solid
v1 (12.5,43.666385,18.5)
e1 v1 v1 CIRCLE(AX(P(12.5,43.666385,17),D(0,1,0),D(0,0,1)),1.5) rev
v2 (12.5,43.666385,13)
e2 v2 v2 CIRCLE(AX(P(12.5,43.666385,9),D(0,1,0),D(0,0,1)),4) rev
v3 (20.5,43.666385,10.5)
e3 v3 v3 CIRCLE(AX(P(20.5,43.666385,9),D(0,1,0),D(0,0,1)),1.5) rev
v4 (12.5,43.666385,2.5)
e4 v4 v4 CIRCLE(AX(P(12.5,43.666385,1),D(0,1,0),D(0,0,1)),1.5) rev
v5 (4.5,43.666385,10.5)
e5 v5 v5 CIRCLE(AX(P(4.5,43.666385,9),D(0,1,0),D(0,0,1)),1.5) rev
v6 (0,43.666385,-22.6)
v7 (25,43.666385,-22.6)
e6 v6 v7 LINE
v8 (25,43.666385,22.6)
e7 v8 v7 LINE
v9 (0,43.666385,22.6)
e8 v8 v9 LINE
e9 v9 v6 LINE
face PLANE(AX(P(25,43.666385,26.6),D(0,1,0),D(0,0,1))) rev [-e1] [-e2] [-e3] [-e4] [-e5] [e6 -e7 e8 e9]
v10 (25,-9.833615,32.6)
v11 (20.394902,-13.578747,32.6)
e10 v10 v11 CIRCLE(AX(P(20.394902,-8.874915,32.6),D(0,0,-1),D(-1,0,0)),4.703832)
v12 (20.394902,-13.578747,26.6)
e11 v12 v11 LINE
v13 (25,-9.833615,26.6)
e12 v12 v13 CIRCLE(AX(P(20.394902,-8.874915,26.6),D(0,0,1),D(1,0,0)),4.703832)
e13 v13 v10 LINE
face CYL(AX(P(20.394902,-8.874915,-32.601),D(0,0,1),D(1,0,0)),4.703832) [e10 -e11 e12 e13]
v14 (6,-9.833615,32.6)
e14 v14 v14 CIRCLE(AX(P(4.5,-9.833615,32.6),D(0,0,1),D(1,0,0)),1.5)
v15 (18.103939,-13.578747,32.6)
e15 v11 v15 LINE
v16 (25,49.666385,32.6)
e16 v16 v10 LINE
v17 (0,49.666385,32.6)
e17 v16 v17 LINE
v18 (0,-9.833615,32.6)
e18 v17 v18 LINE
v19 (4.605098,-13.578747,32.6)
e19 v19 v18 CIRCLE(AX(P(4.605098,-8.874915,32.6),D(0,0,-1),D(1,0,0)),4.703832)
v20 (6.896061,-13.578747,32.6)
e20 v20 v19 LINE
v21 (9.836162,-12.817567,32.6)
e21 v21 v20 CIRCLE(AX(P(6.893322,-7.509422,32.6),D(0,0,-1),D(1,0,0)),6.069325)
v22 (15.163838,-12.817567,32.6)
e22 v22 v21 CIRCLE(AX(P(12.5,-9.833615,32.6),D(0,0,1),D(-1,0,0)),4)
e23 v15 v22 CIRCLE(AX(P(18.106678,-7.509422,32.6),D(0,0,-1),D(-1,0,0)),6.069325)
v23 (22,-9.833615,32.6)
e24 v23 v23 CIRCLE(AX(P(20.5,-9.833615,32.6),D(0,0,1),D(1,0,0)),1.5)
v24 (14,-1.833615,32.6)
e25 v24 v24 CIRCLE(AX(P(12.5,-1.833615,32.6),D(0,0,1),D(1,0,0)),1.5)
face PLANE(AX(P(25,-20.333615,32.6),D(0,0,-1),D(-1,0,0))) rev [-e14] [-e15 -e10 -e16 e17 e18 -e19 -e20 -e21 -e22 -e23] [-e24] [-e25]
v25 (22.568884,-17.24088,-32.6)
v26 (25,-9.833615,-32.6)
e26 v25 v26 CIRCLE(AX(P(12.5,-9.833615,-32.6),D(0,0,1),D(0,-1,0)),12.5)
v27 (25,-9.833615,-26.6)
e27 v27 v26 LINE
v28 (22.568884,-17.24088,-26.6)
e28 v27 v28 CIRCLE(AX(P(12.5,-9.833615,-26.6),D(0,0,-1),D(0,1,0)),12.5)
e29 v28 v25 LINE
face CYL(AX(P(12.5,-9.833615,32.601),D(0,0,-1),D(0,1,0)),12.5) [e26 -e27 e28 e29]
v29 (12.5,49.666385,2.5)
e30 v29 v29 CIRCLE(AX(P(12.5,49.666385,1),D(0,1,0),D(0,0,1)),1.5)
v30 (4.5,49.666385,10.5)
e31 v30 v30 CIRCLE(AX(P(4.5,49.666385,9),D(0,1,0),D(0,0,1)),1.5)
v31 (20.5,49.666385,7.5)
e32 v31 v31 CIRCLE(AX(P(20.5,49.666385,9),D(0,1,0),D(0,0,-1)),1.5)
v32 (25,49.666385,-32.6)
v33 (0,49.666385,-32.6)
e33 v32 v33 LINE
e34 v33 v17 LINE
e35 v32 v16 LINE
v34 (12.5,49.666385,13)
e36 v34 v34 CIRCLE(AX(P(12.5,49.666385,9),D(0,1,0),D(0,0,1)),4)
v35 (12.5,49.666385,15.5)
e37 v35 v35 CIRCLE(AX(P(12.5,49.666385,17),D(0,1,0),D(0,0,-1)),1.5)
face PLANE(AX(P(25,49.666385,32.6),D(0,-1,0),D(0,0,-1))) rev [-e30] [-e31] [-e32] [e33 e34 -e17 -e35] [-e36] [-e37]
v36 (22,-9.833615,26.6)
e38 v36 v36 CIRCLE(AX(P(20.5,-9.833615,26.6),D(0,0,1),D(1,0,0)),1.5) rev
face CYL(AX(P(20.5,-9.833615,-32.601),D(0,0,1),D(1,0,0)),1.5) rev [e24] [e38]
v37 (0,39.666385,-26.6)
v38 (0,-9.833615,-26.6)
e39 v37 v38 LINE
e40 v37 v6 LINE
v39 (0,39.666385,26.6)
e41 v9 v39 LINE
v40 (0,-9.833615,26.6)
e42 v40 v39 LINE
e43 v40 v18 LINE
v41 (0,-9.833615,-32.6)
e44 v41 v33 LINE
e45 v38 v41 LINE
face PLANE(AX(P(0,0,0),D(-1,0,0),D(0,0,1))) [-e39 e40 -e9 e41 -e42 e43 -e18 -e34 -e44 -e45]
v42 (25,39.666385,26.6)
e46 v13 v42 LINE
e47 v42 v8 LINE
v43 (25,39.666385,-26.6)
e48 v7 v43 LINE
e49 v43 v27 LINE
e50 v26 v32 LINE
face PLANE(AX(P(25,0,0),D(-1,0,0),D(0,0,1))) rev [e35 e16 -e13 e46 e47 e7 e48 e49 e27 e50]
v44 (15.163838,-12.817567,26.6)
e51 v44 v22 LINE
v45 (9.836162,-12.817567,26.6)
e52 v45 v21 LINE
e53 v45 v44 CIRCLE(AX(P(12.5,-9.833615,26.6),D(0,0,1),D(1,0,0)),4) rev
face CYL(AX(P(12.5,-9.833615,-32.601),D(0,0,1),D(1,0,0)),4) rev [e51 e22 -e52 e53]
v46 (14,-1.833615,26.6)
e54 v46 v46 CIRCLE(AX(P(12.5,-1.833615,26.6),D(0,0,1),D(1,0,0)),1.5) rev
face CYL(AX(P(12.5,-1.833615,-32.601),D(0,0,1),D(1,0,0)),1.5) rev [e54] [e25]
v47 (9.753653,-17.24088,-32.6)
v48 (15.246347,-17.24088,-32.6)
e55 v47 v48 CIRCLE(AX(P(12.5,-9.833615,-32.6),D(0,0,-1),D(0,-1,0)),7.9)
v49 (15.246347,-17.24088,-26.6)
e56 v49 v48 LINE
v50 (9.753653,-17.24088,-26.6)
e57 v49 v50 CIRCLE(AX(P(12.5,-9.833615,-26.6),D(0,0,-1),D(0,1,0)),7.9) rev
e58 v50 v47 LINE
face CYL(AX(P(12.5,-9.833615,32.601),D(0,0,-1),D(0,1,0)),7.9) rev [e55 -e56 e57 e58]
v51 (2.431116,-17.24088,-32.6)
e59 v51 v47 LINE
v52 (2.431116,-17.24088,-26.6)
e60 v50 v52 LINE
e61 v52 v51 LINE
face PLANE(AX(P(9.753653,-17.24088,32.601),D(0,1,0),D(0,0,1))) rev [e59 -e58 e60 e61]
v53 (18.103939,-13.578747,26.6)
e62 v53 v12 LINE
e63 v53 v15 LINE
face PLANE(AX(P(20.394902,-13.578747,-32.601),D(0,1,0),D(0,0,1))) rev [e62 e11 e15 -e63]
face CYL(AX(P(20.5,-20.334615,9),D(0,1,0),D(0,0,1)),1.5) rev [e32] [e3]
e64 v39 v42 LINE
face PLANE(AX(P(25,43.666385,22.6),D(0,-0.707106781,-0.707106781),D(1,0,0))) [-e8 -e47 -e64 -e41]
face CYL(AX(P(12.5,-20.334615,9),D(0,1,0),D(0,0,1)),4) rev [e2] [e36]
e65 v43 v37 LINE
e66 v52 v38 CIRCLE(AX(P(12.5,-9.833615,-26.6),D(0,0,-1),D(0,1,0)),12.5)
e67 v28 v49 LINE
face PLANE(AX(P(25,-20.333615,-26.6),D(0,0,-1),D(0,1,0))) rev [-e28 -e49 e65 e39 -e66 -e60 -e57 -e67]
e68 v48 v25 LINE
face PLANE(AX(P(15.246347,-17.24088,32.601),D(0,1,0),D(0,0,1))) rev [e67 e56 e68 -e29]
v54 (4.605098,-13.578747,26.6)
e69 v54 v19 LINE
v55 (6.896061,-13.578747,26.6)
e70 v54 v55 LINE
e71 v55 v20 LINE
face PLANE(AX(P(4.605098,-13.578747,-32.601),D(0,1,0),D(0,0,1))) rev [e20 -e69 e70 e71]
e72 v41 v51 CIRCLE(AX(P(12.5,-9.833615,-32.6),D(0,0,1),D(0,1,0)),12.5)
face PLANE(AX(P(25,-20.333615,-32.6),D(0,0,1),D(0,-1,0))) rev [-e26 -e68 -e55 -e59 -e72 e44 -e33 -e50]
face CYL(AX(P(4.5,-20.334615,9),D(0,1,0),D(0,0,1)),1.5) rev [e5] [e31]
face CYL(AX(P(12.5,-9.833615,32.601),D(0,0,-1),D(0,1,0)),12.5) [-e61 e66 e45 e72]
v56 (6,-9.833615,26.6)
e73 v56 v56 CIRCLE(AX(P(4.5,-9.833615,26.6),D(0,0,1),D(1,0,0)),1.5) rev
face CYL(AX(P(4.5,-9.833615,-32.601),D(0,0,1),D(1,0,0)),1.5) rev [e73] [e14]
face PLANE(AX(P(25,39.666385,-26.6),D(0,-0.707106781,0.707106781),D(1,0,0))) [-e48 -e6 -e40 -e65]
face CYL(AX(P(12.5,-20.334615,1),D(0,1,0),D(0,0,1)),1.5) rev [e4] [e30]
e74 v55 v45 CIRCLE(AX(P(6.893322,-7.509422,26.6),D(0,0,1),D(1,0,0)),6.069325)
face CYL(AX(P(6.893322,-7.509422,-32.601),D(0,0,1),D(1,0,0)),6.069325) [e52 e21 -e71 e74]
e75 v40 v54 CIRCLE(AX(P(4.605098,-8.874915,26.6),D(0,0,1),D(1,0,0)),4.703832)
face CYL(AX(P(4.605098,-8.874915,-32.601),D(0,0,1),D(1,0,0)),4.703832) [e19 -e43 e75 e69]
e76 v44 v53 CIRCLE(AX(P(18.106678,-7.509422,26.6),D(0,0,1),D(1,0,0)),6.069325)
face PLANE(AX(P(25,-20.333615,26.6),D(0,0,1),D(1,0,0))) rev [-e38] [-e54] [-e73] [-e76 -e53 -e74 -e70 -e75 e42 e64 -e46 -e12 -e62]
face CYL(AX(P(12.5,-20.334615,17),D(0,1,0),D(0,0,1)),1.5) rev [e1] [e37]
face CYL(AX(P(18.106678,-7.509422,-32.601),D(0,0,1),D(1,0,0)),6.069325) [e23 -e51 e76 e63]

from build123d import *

# Parameters (mm, degrees)
SALIENTE_EXTRUIR1_DEPTH = 25
CORTAR_EXTRUIR2_REACH   = 67.2
CORTAR_EXTRUIR3_REACH   = 72
CROQUIS4_R              = 1.5
CROQUIS4_R_2            = 4
CHAFL_N1_SIZE           = 4
CORTAR_EXTRUIR5_REACH   = 67.2
CROQUIS8_R              = 1.5


with BuildPart() as part:
    # Croquis1 → Saliente-Extruir1 (new body)
    with BuildSketch(Plane(origin=(0, 0, 0), x_dir=(0, 0, -1), z_dir=(1, 0, 0))):
        Polygon((-26.6, -20.333615037), (-26.6, 43.666384963), (26.6, 43.666384963), (26.6, -20.333615037), (32.6, -20.333615037), (32.6, 49.666384963), (-32.6, 49.666384963), (-32.6, -20.333615037), align=None)
    extrude(amount=SALIENTE_EXTRUIR1_DEPTH)

    # Croquis3 → Cortar-Extruir2 (cut, up to next)
    with BuildSketch(Plane(origin=(0, 0, -32.6), x_dir=(-1, 0, 0), z_dir=(0, 0, -1)), mode=Mode.PRIVATE) as cortar_extruir2_sk1:
        with BuildLine():
            Line((-15.246347098, -17.240880228), (-22.56888387, -17.240880228))
            ThreePointArc((-22.56888387, -17.240880228), (-24.376679847, -13.731624248), (-25, -9.833615037))
            Line((-25, -9.833615037), (-25, -20.333615037))
            Line((-25, -20.333615037), (0, -20.333615037))
            Line((0, -20.333615037), (0, -9.833615037))
            ThreePointArc((0, -9.833615037), (-0.623320153, -13.731624248), (-2.43111613, -17.240880228))
            Line((-2.43111613, -17.240880228), (-9.753652902, -17.240880228))
            ThreePointArc((-9.753652902, -17.240880228), (-12.5, -1.933615037), (-15.246347098, -17.240880228))
        make_face()
    cortar_extruir2_tool1 = extrude(cortar_extruir2_sk1.sketch, amount=-CORTAR_EXTRUIR2_REACH, mode=Mode.PRIVATE) & part.part
    add(cortar_extruir2_tool1.solids().sort_by_distance((12.5, -12.457644, -32.6))[0], mode=Mode.SUBTRACT)

    # Croquis4 → Cortar-Extruir3 (cut, up to next)
    with BuildSketch(Plane(origin=(0, 49.666384963, 0), x_dir=(1, 0, 0), z_dir=(0, 1, 0)), mode=Mode.PRIVATE) as cortar_extruir3_sk1:
        with Locations((12.5, -1)):
            Circle(CROQUIS4_R)
    cortar_extruir3_tool1 = extrude(cortar_extruir3_sk1.sketch, amount=-CORTAR_EXTRUIR3_REACH, mode=Mode.PRIVATE) & part.part
    add(cortar_extruir3_tool1.solids().sort_by_distance((12.5, 49.666385, 1))[0], mode=Mode.SUBTRACT)
    # Croquis4 → Cortar-Extruir3 (cut, up to next)
    with BuildSketch(Plane(origin=(0, 49.666384963, 0), x_dir=(1, 0, 0), z_dir=(0, 1, 0)), mode=Mode.PRIVATE) as cortar_extruir3_sk2:
        with Locations((4.5, -9)):
            Circle(CROQUIS4_R)
    cortar_extruir3_tool2 = extrude(cortar_extruir3_sk2.sketch, amount=-CORTAR_EXTRUIR3_REACH, mode=Mode.PRIVATE) & part.part
    add(cortar_extruir3_tool2.solids().sort_by_distance((4.5, 49.666385, 9))[0], mode=Mode.SUBTRACT)
    # Croquis4 → Cortar-Extruir3 (cut, up to next)
    with BuildSketch(Plane(origin=(0, 49.666384963, 0), x_dir=(1, 0, 0), z_dir=(0, 1, 0)), mode=Mode.PRIVATE) as cortar_extruir3_sk3:
        with Locations((12.5, -17)):
            Circle(CROQUIS4_R)
    cortar_extruir3_tool3 = extrude(cortar_extruir3_sk3.sketch, amount=-CORTAR_EXTRUIR3_REACH, mode=Mode.PRIVATE) & part.part
    add(cortar_extruir3_tool3.solids().sort_by_distance((12.5, 49.666385, 17))[0], mode=Mode.SUBTRACT)
    # Croquis4 → Cortar-Extruir3 (cut, up to next)
    with BuildSketch(Plane(origin=(0, 49.666384963, 0), x_dir=(1, 0, 0), z_dir=(0, 1, 0)), mode=Mode.PRIVATE) as cortar_extruir3_sk4:
        with Locations((20.5, -9)):
            Circle(CROQUIS4_R)
    cortar_extruir3_tool4 = extrude(cortar_extruir3_sk4.sketch, amount=-CORTAR_EXTRUIR3_REACH, mode=Mode.PRIVATE) & part.part
    add(cortar_extruir3_tool4.solids().sort_by_distance((20.5, 49.666385, 9))[0], mode=Mode.SUBTRACT)
    # Croquis4 → Cortar-Extruir3 (cut, up to next)
    with BuildSketch(Plane(origin=(0, 49.666384963, 0), x_dir=(1, 0, 0), z_dir=(0, 1, 0)), mode=Mode.PRIVATE) as cortar_extruir3_sk5:
        with Locations((12.5, -9)):
            Circle(CROQUIS4_R_2)
    cortar_extruir3_tool5 = extrude(cortar_extruir3_sk5.sketch, amount=-CORTAR_EXTRUIR3_REACH, mode=Mode.PRIVATE) & part.part
    add(cortar_extruir3_tool5.solids().sort_by_distance((12.5, 49.666385, 9))[0], mode=Mode.SUBTRACT)

    # Chaflán1
    chafl_n1_edges = [part.edges().sort_by_distance(p)[0] for p in [
        (12.5, 43.666384963, -26.6),
        (12.5, 43.666384963, 26.6),
    ]]
    chamfer(chafl_n1_edges, length=CHAFL_N1_SIZE)

    # Croquis8 → Cortar-Extruir5 (cut, up to next)
    with BuildSketch(Plane.XY.offset(32.6), mode=Mode.PRIVATE) as cortar_extruir5_sk1:
        with Locations((4.5, -9.833615037)):
            Circle(CROQUIS8_R)
    cortar_extruir5_tool1 = extrude(cortar_extruir5_sk1.sketch, amount=-CORTAR_EXTRUIR5_REACH, mode=Mode.PRIVATE) & part.part
    add(cortar_extruir5_tool1.solids().sort_by_distance((4.5, -9.833615, 32.6))[0], mode=Mode.SUBTRACT)
    # Croquis8 → Cortar-Extruir5 (cut, up to next)
    with BuildSketch(Plane.XY.offset(32.6), mode=Mode.PRIVATE) as cortar_extruir5_sk2:
        with Locations((12.5, -1.833615037)):
            Circle(CROQUIS8_R)
    cortar_extruir5_tool2 = extrude(cortar_extruir5_sk2.sketch, amount=-CORTAR_EXTRUIR5_REACH, mode=Mode.PRIVATE) & part.part
    add(cortar_extruir5_tool2.solids().sort_by_distance((12.5, -1.833615, 32.6))[0], mode=Mode.SUBTRACT)
    # Croquis8 → Cortar-Extruir5 (cut, up to next)
    with BuildSketch(Plane.XY.offset(32.6), mode=Mode.PRIVATE) as cortar_extruir5_sk3:
        with Locations((20.5, -9.833615037)):
            Circle(CROQUIS8_R)
    cortar_extruir5_tool3 = extrude(cortar_extruir5_sk3.sketch, amount=-CORTAR_EXTRUIR5_REACH, mode=Mode.PRIVATE) & part.part
    add(cortar_extruir5_tool3.solids().sort_by_distance((20.5, -9.833615, 32.6))[0], mode=Mode.SUBTRACT)
    # Croquis8 → Cortar-Extruir5 (cut, up to next)
    with BuildSketch(Plane.XY.offset(32.6), mode=Mode.PRIVATE) as cortar_extruir5_sk4:
        with BuildLine():
            Line((4.605097731, -13.578746505), (6.89606083, -13.578746505))
            ThreePointArc((6.89606083, -13.578746505), (8.414491828, -13.385028449), (9.836162211, -12.817566818))
            ThreePointArc((9.836162211, -12.817566818), (12.5, -5.833615037), (15.163837789, -12.817566818))
            ThreePointArc((15.163837789, -12.817566818), (16.585508172, -13.385028449), (18.10393917, -13.578746505))
            Line((18.10393917, -13.578746505), (20.394902269, -13.578746505))
            ThreePointArc((20.394902269, -13.578746505), (23.36276913, -12.524270715), (25, -9.833615037))
            Line((25, -9.833615037), (25, -20.333615037))
            Line((25, -20.333615037), (0, -20.333615037))
            Line((0, -20.333615037), (0, -9.833615037))
            ThreePointArc((0, -9.833615037), (1.63723087, -12.524270715), (4.605097731, -13.578746505))
        make_face()
    cortar_extruir5_tool4 = extrude(cortar_extruir5_sk4.sketch, amount=-CORTAR_EXTRUIR5_REACH, mode=Mode.PRIVATE) & part.part
    add(cortar_extruir5_tool4.solids().sort_by_distance((12.5, -15.203922, 32.6))[0], mode=Mode.SUBTRACT)


solid = part.part
